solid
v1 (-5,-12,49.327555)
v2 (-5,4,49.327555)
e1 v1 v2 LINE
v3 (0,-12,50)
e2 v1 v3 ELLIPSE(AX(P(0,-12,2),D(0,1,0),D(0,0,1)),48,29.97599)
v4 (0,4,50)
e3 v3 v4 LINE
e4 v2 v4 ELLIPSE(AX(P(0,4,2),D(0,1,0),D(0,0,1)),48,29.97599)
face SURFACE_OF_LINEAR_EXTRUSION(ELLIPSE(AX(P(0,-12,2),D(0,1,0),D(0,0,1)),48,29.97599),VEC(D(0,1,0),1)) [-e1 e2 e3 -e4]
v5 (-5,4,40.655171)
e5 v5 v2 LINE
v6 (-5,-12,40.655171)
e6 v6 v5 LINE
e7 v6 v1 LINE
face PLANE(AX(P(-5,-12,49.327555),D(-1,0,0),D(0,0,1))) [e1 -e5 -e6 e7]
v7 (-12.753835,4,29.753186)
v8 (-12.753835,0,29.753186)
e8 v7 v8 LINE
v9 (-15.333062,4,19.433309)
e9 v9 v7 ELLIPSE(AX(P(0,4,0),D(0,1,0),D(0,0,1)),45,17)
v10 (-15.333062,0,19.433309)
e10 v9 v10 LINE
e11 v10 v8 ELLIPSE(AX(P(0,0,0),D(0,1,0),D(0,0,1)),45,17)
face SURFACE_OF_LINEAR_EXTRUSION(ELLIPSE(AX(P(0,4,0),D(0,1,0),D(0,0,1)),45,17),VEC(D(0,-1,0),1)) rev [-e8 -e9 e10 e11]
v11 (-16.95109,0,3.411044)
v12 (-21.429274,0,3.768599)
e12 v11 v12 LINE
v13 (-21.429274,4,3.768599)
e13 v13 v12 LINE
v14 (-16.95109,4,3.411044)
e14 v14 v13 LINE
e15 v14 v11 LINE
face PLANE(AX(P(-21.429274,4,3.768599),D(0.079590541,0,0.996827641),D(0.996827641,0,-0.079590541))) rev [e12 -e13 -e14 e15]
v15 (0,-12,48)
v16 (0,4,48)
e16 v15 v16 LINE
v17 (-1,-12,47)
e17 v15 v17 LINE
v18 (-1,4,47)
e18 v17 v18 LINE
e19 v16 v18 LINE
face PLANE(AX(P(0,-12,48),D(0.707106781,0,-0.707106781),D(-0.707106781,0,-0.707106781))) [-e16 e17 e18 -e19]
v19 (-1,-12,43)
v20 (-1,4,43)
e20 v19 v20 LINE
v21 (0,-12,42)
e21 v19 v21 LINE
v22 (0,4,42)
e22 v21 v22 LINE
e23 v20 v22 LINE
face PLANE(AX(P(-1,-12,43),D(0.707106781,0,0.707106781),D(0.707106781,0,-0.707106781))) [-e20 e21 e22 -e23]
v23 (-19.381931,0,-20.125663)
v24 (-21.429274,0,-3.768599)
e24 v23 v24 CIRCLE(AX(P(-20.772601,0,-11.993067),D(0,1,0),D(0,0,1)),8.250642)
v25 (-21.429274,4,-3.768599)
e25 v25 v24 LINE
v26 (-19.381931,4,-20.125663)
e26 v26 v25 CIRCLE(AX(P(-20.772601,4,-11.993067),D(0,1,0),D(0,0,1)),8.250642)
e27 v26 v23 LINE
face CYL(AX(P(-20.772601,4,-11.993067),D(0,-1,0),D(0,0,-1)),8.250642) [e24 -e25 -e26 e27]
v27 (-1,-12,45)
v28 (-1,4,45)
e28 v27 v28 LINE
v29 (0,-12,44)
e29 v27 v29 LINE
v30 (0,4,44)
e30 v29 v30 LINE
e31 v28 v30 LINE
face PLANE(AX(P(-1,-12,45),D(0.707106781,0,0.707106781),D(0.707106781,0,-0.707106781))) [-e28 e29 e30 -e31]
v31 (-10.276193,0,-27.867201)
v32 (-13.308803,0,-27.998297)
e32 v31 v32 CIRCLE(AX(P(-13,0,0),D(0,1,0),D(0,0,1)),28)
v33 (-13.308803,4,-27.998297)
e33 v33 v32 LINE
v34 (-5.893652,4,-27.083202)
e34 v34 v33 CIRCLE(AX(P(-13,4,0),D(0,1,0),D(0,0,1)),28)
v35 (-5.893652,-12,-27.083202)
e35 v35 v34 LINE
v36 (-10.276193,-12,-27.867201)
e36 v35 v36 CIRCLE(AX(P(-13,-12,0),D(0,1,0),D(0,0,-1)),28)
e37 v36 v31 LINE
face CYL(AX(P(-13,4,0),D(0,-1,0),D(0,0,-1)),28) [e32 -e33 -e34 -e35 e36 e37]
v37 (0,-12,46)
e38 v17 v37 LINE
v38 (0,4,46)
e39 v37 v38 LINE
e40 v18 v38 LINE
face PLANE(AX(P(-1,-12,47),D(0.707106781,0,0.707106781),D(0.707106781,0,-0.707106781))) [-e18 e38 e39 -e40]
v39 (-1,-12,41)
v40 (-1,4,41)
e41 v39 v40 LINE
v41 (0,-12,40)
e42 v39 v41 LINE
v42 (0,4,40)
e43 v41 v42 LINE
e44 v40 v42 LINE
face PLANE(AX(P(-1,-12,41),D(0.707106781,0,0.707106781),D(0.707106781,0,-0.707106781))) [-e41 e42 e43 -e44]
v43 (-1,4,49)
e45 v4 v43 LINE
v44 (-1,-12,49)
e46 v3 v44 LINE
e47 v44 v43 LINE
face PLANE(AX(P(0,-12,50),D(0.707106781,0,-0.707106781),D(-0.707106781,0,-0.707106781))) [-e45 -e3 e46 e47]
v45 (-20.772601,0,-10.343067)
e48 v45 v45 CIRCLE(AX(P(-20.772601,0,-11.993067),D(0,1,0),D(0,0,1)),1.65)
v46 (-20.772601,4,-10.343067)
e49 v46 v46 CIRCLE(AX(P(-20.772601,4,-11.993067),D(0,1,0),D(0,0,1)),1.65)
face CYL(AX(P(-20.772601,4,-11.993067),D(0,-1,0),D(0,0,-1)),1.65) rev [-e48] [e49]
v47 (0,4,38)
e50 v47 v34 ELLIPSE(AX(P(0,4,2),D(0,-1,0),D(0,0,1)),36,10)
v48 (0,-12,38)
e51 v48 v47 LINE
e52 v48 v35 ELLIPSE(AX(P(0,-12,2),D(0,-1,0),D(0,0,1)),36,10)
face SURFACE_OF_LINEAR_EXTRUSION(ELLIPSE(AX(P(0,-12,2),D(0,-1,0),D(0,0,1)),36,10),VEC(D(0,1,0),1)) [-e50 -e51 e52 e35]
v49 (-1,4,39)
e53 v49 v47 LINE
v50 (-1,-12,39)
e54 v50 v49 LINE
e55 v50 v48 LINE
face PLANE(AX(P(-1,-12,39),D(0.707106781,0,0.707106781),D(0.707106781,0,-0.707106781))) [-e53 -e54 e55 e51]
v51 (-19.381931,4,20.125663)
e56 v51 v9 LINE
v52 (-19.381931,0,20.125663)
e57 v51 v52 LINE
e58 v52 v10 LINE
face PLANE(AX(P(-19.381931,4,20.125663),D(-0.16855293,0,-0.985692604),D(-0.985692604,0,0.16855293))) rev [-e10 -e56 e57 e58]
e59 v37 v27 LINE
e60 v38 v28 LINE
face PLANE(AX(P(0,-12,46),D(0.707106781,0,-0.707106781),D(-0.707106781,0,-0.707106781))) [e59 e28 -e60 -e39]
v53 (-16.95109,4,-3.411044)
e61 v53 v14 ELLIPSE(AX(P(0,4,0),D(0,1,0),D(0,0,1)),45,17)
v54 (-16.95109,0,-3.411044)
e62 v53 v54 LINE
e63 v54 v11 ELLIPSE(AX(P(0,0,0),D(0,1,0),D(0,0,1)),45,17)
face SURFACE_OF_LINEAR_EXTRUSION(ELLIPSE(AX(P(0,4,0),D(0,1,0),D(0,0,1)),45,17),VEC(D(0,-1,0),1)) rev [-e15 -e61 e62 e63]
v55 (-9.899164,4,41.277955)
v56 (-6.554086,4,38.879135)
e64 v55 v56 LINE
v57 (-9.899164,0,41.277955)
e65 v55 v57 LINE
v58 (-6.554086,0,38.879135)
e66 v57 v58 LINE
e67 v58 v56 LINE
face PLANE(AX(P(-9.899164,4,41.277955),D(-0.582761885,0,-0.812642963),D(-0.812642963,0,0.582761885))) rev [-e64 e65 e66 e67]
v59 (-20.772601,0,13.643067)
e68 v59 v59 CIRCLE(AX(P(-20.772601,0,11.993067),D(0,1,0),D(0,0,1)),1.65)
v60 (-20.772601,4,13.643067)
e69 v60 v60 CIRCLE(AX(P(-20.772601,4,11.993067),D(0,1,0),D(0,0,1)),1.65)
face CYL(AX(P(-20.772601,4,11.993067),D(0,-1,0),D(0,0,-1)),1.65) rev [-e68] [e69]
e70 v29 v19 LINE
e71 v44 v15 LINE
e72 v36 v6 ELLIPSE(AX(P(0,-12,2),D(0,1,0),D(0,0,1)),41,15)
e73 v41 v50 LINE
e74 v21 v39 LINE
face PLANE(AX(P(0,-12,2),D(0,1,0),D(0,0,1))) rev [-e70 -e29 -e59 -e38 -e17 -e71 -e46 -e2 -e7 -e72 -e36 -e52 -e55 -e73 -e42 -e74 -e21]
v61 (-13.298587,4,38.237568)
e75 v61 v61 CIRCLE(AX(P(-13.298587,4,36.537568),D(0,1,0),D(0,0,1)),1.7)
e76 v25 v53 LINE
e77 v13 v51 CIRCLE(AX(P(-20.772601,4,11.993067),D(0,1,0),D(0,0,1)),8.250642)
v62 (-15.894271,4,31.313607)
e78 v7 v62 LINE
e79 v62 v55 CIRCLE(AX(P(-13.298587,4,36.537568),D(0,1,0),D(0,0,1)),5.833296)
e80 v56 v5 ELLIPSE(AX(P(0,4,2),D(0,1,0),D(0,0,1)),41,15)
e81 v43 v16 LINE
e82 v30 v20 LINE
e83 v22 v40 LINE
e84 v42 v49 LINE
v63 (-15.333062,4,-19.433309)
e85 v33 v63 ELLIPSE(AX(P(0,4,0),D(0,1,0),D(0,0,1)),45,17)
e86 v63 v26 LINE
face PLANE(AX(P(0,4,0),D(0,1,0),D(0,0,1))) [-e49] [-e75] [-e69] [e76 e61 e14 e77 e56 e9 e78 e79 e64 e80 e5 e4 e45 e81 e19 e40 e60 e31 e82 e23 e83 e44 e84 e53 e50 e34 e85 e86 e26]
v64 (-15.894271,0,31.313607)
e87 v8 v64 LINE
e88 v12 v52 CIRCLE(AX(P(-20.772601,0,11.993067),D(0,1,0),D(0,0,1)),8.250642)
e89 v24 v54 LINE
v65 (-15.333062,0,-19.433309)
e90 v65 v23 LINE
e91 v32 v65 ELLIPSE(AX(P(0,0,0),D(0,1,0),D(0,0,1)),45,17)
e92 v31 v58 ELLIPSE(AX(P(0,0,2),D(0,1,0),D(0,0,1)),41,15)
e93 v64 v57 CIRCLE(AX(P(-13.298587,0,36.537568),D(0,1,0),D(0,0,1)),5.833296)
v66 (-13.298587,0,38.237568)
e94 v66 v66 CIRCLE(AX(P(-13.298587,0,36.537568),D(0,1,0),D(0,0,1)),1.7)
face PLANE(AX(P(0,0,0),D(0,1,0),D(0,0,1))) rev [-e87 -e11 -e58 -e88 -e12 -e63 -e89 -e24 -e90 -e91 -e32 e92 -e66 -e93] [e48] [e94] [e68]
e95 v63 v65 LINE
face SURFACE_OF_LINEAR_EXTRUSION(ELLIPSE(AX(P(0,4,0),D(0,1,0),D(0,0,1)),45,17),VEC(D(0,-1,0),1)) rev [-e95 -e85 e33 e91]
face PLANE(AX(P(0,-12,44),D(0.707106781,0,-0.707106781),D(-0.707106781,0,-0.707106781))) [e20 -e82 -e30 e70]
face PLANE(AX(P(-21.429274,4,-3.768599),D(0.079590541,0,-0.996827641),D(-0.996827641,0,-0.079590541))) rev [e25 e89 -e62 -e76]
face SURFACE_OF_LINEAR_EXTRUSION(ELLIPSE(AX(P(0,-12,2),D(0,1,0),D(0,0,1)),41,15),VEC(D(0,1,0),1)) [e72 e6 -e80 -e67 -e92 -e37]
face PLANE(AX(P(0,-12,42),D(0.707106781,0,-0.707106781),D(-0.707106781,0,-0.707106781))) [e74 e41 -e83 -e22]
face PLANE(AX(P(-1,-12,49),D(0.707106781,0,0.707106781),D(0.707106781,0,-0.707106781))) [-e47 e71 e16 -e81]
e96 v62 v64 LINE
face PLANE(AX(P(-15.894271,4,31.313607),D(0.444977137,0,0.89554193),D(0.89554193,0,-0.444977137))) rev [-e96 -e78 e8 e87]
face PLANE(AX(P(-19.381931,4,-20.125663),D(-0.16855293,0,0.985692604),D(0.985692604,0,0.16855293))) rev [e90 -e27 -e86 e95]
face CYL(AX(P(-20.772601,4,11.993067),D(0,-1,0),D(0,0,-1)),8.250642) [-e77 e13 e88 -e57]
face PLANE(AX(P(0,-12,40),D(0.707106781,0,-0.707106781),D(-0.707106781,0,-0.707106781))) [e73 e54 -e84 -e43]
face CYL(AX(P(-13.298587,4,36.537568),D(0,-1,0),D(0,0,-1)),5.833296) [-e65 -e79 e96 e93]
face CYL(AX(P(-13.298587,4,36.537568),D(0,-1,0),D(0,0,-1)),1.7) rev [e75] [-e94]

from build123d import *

# Parameters (mm, degrees)
SKETCH_1_R      = 1.7
SKETCH_1_R_2    = 1.65
EXTRUDE_1_DEPTH = 4
EXTRUDE_START   = -16
EXTRUDE_2_DEPTH = 16


with BuildPart() as part:
    # Эскиз1 → Бобышка-Вытянуть1 (new body)
    with BuildSketch(Plane(origin=(0, 0, 0), x_dir=(1, 0, 0), z_dir=(0, 1, 0))):
        with BuildLine():
            Line((-9.899164468, -41.277955038), (-5.860900416, -38.382038285))
            add(Edge.make_bspline(
                [(-9.910314442, 27.829010819), (-20.588879158, -13.776681708), (-5.860900416, -38.382038285)],
                knots=[4.008501268, 4.008501268, 4.008501268, 5.815480813, 5.815480813, 5.815480813], degree=2, weights=[1, 0.618872556, 1]))
            ThreePointArc((-9.910314442, 27.829010819), (-11.606984575, 27.965326889), (-13.308802596, 27.998297108))
            add(Edge.make_bspline(
                [(-13.308802596, 27.998297108), (-14.503698084, 24.018467565), (-15.333061847, 19.433308827)],
                knots=[4.040859142, 4.040859142, 4.040859142, 4.265844637, 4.265844637, 4.265844637], degree=2, weights=[1, 0.993679361, 1]))
            Line((-15.333061847, 19.433308827), (-19.381931407, 20.125663445))
            ThreePointArc((-19.381931407, 20.125663445), (-28.959363457, 13.017768481), (-21.429274281, 3.768599193))
            Line((-21.429274281, 3.768599193), (-16.951090448, 3.411043825))
            add(Edge.make_bspline(
                [(-16.951090448, 3.411043825), (-17.049050673, 0), (-16.951090448, -3.411043825)],
                knots=[4.636515229, 4.636515229, 4.636515229, 4.788262732, 4.788262732, 4.788262732], degree=2, weights=[1, 0.997122968, 1]))
            Line((-16.951090448, -3.411043825), (-21.429274281, -3.768599193))
            ThreePointArc((-21.429274281, -3.768599193), (-28.959363457, -13.017768481), (-19.381931407, -20.125663445))
            Line((-19.381931407, -20.125663445), (-15.333061847, -19.433308827))
            add(Edge.make_bspline(
                [(-15.333061847, -19.433308827), (-14.314023938, -25.067085928), (-12.75383545, -29.753186253)],
                knots=[5.158933324, 5.158933324, 5.158933324, 5.434782065, 5.434782065, 5.434782065], degree=2, weights=[1, 0.990503503, 1]))
            Line((-12.75383545, -29.753186253), (-15.8942706, -31.313606592))
            ThreePointArc((-15.8942706, -31.313606592), (-18.296942807, -39.544856639), (-9.899164468, -41.277955038))
        make_face()
        with Locations(Location((-13.298587158, -36.537567928, 0), (0, 0, 270))):
            Circle(SKETCH_1_R, mode=Mode.SUBTRACT)
        with Locations(Location((-20.772601242, 11.993066919, 0), (0, 0, 270))):
            Circle(SKETCH_1_R_2, mode=Mode.SUBTRACT)
        with Locations(Location((-20.772601242, -11.993066919, 0), (0, 0, 270))):
            Circle(SKETCH_1_R_2, mode=Mode.SUBTRACT)
    extrude(amount=EXTRUDE_1_DEPTH)

    # Эскиз2 → Бобышка-Вытянуть2 (add)
    with BuildSketch(Plane(origin=(0, 4, 0), x_dir=(1, 0, 0), z_dir=(0, 1, 0)).offset(EXTRUDE_START)):
        with BuildLine():
            Line((-5, -49.327554721), (-5, -40.655170705))
            add(Edge.make_bspline(
                [(-10.276192518, 27.867200663), (-28.208103976, -18.227340182), (-5, -40.655170705)],
                knots=[3.896305482, 3.896305482, 3.896305482, 5.943348398, 5.943348398, 5.943348398], degree=2, weights=[1, 0.52036205, 1]))
            ThreePointArc((-10.276192518, 27.867200663), (-8.069315303, 27.562444529), (-5.893652235, 27.083201831))
            add(Edge.make_bspline(
                [(-5.893652235, 27.083201831), (-30.674811567, -38), (0, -38)],
                knots=[3.771865525, 3.771865525, 3.771865525, 6.283185307, 6.283185307, 6.283185307], degree=2, weights=[1, 0.309946191, 1]))
            Line((0, -38), (-1, -39))
            Line((-1, -39), (0, -40))
            Line((0, -40), (-1, -41))
            Line((-1, -41), (0, -42))
            Line((0, -42), (-1, -43))
            Line((-1, -43), (0, -44))
            Line((0, -44), (-1, -45))
            Line((-1, -45), (0, -46))
            Line((0, -46), (-1, -47))
            Line((-1, -47), (0, -48))
            Line((0, -48), (-1, -49))
            Line((-1, -49), (0, -50))
            add(Edge.make_bspline(
                [(-5, -49.327554721), (-2.517635123, -50), (0, -50)],
                knots=[2.974009186, 2.974009186, 2.974009186, 3.141592654, 3.141592654, 3.141592654], degree=2, weights=[1, 0.996491526, 1]))
        make_face()
    extrude(amount=EXTRUDE_2_DEPTH)


solid = part.part
